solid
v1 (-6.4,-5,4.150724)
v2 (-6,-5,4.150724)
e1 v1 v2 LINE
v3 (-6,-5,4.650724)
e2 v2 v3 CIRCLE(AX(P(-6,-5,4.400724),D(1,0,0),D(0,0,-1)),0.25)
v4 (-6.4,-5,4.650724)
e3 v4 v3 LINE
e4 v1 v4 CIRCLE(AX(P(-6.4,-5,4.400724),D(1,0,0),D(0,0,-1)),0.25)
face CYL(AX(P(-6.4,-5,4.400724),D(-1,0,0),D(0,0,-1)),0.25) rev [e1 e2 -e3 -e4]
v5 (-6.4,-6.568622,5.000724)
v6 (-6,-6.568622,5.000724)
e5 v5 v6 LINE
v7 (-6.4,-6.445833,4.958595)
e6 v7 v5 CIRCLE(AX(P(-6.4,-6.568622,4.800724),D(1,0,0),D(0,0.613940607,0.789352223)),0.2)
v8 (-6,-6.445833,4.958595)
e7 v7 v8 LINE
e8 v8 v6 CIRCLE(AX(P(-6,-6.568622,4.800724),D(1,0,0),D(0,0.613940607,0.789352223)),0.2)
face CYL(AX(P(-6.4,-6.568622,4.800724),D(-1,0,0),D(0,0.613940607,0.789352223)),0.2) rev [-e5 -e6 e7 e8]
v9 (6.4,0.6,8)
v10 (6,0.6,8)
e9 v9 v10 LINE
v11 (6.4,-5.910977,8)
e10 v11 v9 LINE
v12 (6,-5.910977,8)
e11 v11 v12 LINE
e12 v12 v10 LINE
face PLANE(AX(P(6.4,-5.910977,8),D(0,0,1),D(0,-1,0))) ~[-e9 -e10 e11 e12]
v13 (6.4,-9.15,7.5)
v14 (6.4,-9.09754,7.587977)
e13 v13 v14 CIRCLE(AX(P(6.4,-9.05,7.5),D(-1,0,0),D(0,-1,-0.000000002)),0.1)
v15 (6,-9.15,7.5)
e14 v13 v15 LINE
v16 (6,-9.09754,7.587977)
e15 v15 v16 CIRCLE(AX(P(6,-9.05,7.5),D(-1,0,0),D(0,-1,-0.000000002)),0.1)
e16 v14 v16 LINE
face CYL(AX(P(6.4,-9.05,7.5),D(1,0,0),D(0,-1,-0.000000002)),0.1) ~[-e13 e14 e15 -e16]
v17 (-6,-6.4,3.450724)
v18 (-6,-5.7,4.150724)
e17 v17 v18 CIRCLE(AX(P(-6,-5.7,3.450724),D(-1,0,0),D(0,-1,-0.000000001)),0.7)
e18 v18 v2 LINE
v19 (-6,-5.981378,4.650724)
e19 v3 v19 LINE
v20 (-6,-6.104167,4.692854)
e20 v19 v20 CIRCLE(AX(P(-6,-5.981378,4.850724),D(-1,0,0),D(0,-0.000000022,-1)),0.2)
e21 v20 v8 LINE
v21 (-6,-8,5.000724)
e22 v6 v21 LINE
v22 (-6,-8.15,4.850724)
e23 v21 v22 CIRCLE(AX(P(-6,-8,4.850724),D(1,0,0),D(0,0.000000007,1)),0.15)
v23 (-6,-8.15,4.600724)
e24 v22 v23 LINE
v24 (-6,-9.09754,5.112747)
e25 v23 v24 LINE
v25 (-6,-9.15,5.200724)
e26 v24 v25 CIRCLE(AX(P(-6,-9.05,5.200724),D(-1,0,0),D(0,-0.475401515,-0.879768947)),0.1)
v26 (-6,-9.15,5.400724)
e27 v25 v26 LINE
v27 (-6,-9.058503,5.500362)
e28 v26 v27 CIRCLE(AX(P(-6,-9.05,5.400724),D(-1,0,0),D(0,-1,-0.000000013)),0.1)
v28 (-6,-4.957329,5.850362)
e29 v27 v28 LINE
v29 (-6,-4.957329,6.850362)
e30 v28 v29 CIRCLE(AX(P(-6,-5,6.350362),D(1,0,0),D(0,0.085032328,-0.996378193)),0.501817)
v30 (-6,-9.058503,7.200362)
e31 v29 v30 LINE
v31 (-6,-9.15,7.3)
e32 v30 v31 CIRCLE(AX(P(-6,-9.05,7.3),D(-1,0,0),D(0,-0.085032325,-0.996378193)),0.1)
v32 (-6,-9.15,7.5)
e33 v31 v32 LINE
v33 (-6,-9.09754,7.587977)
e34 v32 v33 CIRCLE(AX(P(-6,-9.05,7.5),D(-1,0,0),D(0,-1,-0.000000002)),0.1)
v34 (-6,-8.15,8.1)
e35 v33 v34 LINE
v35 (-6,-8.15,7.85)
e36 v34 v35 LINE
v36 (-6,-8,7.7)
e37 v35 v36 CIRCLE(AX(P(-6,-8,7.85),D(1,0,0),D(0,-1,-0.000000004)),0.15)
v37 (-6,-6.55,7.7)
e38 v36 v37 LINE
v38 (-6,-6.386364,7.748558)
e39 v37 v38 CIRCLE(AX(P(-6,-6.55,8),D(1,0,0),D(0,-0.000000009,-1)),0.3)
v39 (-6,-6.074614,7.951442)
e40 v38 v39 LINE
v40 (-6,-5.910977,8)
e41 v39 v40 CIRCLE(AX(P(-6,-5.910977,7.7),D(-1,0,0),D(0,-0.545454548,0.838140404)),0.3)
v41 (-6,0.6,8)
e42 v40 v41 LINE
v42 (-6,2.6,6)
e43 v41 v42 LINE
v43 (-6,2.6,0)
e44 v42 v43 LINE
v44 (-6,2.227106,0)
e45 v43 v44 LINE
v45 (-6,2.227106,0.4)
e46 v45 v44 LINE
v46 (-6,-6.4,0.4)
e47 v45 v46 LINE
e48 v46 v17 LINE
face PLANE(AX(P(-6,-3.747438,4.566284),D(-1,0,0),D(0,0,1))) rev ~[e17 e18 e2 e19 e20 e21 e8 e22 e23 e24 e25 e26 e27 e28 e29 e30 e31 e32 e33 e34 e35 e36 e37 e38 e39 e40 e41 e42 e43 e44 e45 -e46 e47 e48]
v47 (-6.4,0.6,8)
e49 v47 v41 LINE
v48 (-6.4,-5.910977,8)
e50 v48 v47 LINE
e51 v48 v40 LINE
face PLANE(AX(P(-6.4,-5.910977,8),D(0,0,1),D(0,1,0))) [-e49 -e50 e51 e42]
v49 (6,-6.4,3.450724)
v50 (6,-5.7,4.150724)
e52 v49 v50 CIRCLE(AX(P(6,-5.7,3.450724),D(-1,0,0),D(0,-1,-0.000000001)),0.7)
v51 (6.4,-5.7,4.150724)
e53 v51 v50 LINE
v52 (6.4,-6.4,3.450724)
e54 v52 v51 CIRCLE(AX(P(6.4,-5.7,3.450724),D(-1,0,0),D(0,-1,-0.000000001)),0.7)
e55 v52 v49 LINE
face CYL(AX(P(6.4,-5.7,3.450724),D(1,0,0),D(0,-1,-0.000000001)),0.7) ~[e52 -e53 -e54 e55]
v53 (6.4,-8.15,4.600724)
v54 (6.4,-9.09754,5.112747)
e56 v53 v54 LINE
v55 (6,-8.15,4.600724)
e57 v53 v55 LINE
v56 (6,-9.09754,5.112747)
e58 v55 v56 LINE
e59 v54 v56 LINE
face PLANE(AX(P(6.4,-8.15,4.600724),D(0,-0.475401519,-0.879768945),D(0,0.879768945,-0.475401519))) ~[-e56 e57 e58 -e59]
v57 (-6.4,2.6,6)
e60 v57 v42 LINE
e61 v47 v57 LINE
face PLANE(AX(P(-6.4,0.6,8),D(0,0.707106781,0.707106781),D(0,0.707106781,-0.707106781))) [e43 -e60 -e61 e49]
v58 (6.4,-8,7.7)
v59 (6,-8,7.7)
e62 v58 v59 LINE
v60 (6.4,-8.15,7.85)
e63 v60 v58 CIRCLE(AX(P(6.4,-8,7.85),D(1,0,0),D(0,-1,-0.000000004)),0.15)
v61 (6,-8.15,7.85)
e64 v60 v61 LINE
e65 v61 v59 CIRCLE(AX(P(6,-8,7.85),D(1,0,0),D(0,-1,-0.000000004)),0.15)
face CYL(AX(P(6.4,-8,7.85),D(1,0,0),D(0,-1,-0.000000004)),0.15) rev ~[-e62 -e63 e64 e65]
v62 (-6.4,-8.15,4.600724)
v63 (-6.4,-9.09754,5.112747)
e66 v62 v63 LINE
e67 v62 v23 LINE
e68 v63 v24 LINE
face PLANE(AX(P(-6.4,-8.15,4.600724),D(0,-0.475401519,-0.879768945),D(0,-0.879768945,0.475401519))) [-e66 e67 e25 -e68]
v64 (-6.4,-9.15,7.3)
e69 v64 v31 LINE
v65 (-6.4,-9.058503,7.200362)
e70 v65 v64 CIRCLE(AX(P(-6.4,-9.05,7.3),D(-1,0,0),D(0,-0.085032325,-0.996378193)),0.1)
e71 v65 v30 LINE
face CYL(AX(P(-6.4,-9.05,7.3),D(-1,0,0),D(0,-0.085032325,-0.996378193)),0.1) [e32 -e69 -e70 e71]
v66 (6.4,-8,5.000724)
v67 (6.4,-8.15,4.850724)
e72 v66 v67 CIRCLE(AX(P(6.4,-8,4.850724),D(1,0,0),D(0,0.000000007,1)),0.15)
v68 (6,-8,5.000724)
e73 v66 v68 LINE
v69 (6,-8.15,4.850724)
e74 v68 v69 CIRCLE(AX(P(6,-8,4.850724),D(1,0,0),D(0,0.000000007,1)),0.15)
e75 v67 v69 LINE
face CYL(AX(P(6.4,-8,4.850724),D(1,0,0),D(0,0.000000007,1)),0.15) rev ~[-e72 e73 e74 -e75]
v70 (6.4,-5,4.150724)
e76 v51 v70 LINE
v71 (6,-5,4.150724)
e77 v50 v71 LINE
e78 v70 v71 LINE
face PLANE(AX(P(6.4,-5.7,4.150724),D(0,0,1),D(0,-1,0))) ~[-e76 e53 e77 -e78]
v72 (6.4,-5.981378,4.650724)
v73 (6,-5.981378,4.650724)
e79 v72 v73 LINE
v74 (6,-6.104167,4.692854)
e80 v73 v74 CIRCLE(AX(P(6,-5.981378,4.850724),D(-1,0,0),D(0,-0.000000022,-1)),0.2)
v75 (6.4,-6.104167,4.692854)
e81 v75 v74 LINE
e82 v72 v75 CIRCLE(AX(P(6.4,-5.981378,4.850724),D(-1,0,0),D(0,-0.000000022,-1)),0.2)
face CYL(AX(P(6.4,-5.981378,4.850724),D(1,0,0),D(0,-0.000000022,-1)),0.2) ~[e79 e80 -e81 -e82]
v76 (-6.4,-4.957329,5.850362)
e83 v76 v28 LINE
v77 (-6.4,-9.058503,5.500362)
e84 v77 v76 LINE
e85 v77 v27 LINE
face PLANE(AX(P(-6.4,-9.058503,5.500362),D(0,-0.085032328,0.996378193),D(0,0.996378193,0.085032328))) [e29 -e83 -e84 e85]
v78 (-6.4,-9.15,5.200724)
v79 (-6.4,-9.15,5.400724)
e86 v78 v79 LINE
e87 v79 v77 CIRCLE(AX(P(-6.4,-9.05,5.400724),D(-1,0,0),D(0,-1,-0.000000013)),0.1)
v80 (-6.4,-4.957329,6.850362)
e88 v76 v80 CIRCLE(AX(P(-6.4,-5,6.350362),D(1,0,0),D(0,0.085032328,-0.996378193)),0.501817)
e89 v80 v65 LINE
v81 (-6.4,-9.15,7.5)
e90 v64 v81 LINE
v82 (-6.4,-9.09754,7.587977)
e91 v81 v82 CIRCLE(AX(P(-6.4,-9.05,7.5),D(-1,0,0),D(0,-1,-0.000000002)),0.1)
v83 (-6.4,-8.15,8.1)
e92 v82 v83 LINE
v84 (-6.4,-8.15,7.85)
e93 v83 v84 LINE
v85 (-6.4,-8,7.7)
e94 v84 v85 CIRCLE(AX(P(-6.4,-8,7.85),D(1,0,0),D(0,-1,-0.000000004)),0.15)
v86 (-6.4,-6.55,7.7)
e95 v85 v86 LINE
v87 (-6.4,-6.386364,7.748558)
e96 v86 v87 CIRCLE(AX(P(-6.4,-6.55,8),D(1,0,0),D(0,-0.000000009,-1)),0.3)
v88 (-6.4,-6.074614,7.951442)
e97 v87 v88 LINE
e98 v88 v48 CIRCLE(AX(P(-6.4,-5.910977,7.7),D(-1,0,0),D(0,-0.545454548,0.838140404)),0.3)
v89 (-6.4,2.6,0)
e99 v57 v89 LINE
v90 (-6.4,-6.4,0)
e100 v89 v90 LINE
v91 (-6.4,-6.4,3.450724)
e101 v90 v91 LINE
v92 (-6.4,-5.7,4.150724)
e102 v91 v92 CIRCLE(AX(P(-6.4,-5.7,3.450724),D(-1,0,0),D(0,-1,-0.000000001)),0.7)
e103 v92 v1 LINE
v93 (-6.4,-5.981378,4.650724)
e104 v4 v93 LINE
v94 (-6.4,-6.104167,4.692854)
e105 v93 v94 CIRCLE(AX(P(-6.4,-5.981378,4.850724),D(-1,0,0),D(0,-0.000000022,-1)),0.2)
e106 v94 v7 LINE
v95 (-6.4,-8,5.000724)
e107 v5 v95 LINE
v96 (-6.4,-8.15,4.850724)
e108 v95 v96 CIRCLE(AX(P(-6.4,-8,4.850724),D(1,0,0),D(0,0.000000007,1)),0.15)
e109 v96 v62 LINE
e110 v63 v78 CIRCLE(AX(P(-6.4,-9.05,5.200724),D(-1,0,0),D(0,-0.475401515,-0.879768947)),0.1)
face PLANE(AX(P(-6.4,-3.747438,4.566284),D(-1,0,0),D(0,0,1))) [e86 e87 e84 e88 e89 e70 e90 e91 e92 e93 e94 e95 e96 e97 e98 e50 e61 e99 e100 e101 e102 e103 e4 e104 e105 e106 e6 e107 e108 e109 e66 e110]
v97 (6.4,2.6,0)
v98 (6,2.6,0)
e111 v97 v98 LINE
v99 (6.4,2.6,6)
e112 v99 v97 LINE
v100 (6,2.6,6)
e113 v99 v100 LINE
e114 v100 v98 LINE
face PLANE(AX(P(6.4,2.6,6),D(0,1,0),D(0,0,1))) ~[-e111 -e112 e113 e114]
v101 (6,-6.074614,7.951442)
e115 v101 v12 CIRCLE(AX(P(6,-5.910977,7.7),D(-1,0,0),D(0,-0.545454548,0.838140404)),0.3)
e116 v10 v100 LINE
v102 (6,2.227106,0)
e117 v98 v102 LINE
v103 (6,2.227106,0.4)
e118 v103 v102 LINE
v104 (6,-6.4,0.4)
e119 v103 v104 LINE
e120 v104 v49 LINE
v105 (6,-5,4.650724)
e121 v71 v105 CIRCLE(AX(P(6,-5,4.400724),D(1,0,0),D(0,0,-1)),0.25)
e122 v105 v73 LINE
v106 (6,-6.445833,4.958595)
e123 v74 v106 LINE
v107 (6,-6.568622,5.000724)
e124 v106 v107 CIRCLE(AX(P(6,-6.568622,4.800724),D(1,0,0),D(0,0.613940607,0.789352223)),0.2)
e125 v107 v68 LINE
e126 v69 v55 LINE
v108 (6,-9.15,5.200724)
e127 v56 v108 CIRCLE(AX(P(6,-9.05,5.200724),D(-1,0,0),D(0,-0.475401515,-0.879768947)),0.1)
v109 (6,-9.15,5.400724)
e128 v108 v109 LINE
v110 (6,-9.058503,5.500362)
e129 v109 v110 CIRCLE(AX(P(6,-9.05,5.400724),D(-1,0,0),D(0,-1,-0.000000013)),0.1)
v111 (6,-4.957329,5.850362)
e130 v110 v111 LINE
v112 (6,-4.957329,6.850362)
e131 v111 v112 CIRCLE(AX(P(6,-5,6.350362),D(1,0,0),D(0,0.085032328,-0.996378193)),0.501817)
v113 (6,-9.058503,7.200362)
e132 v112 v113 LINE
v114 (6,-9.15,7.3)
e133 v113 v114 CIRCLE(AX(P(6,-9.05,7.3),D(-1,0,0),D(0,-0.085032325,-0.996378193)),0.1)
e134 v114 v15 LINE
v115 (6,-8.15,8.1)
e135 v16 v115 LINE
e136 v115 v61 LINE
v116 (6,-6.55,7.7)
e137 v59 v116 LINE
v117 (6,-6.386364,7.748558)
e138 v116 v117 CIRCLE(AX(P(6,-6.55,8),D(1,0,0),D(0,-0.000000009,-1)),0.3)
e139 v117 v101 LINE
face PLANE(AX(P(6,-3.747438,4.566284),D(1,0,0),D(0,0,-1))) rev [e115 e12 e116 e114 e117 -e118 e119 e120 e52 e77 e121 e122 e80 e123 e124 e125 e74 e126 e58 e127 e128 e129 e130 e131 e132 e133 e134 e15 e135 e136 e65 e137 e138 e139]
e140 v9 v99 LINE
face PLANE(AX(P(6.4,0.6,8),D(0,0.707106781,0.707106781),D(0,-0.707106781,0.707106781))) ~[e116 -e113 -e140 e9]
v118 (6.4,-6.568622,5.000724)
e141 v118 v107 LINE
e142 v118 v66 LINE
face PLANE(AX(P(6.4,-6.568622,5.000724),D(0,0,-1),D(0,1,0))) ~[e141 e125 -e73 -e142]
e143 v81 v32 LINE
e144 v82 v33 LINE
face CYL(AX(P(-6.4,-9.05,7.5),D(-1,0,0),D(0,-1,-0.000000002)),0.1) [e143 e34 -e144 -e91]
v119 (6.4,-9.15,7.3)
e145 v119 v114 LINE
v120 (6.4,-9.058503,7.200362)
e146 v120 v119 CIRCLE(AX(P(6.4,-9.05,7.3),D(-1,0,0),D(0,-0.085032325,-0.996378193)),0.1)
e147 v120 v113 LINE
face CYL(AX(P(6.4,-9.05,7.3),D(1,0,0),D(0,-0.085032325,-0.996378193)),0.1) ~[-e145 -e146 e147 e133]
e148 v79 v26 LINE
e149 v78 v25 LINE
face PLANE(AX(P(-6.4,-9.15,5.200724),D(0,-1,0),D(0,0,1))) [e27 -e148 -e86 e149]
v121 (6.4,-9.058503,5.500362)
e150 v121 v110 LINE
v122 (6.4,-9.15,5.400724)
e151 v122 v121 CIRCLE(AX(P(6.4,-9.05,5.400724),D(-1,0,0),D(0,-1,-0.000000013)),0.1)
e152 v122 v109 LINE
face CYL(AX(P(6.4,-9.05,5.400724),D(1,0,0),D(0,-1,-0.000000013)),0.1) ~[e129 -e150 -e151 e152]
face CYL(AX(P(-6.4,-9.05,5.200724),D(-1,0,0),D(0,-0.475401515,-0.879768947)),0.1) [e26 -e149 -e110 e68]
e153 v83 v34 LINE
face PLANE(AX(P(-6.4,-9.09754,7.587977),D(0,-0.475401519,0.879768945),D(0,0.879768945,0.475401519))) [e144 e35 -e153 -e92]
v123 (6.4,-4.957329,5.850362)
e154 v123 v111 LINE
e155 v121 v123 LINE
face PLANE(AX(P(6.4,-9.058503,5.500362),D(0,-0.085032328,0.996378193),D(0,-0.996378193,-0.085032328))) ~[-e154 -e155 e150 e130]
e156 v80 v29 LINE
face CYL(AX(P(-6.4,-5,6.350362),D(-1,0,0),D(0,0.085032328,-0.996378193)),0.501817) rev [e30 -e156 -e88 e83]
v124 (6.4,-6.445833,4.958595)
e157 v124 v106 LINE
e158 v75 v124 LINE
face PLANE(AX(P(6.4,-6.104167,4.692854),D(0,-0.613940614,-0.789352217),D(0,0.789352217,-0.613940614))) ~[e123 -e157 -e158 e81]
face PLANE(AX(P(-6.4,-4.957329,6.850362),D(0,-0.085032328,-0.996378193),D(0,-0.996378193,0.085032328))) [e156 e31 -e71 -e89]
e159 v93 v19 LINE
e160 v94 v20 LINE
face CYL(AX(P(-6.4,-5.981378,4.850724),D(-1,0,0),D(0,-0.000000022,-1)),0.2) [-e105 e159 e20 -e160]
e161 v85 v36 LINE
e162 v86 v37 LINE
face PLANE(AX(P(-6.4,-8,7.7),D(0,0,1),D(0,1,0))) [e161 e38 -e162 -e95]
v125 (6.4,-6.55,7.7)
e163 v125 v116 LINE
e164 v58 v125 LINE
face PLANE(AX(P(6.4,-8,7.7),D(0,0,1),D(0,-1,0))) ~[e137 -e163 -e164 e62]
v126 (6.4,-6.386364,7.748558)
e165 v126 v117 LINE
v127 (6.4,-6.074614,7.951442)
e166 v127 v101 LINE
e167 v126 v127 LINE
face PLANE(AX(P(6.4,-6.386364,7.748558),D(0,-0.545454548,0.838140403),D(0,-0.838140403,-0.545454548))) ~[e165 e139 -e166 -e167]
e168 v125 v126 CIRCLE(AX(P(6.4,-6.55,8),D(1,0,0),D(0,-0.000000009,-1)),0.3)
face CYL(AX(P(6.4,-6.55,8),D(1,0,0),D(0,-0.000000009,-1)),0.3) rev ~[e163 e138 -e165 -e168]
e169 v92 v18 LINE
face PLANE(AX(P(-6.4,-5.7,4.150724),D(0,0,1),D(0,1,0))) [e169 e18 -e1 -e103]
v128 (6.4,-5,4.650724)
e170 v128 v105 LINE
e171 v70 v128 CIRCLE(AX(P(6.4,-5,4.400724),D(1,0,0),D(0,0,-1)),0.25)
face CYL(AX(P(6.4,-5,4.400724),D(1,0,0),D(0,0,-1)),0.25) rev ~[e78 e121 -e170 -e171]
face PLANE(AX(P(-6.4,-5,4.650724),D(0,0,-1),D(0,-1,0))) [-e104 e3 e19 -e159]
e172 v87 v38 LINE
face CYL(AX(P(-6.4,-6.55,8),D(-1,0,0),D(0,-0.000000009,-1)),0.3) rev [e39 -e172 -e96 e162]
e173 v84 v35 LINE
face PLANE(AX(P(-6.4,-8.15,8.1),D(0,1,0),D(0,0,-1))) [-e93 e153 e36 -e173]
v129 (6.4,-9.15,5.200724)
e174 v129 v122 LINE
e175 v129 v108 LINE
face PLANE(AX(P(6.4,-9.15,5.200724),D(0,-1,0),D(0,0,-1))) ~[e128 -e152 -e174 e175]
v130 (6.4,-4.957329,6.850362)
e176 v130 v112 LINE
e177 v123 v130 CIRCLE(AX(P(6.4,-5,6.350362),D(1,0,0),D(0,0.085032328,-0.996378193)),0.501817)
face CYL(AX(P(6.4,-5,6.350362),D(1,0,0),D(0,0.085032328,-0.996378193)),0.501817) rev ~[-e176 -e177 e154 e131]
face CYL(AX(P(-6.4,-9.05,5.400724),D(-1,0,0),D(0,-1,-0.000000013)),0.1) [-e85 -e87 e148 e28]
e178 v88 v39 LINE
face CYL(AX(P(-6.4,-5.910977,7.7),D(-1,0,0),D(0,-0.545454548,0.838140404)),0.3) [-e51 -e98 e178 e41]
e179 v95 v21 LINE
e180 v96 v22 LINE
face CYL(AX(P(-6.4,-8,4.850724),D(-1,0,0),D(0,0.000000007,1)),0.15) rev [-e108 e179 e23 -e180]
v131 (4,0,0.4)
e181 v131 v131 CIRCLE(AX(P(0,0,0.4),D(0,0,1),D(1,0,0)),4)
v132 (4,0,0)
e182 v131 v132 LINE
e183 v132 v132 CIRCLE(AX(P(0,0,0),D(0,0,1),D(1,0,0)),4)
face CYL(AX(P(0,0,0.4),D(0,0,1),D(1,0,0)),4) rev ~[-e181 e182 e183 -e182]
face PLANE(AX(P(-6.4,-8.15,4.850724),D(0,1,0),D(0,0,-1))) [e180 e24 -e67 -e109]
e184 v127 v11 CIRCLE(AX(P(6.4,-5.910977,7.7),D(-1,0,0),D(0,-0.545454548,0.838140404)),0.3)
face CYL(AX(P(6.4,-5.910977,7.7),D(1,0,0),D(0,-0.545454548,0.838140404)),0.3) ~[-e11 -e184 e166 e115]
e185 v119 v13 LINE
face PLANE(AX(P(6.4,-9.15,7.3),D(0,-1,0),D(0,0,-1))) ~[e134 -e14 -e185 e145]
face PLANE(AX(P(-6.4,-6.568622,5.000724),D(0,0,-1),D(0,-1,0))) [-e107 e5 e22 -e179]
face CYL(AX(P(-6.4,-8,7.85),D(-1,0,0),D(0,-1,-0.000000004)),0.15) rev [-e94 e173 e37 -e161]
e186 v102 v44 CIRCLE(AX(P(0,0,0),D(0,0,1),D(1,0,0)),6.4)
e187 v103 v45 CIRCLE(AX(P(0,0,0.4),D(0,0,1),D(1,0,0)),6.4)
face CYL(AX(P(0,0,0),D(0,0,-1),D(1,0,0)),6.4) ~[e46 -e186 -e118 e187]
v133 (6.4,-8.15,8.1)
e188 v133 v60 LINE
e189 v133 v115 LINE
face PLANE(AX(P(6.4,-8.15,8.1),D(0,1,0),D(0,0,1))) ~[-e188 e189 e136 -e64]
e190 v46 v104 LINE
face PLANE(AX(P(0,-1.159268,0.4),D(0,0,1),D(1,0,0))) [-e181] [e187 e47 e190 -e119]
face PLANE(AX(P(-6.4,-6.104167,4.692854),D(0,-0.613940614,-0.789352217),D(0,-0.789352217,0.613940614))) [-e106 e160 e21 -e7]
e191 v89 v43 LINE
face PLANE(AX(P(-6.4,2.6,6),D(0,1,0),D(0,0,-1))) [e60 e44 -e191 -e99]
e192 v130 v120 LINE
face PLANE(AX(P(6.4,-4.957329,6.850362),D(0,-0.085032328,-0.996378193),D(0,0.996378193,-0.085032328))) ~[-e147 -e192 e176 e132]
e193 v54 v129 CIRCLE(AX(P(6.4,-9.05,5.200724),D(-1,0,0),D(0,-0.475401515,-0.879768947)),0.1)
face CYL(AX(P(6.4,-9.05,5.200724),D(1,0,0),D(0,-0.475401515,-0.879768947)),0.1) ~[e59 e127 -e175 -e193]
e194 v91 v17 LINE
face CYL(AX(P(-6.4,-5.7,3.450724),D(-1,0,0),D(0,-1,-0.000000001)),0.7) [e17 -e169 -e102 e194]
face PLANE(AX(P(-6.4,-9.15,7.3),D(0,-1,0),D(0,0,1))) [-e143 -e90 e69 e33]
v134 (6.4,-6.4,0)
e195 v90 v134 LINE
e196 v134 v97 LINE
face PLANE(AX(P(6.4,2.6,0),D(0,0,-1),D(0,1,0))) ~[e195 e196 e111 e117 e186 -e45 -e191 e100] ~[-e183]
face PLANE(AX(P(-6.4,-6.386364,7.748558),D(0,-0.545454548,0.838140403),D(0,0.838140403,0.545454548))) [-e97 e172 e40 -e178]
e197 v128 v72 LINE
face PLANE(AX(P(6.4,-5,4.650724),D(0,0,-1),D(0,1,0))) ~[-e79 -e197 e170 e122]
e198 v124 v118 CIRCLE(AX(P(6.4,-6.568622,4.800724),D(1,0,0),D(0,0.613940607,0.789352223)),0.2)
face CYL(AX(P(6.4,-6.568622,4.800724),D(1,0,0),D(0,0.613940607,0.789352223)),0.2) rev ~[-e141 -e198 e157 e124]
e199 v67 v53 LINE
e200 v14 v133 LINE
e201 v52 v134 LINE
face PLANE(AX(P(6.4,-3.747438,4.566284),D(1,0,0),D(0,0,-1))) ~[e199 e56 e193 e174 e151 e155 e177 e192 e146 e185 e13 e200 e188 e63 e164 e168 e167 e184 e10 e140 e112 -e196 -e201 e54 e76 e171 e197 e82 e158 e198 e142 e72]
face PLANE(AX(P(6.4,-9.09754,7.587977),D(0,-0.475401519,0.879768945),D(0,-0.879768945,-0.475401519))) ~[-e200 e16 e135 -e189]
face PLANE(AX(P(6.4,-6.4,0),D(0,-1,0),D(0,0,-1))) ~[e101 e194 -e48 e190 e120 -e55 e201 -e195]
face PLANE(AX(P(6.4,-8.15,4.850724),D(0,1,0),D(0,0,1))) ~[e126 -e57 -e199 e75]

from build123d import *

# Parameters (mm, degrees)
DODANIE_WYCI_GNI_CIE1_DEPTH = 0.4
WYTNIJ_WYCI_GNI_CIE1_REACH  = 11.06
SZKIC6_R                    = 4
DODANIE_WYCI_GNI_CIE4_DEPTH = 0.4


with BuildPart() as part:
    # Szkic1 → Dodanie-wyciągnięcie1 (new body)
    with BuildSketch(Plane.XY):
        with BuildLine():
            Line((0, -6.4), (6.4, -6.4))
            Line((6.4, -6.4), (6.4, 0))
            ThreePointArc((6.4, 0), (0, 6.4), (-6.4, 0))
            Line((-6.4, 0), (-6.4, -6.4))
            Line((-6.4, -6.4), (0, -6.4))
        make_face()
    extrude(amount=DODANIE_WYCI_GNI_CIE1_DEPTH)

    # Szkic6 → Wytnij-wyciągnięcie1 (cut, up to next)
    with BuildSketch(Plane.XY.offset(0.4), mode=Mode.PRIVATE) as wytnij_wyci_gni_cie1_sk1:
        Circle(SZKIC6_R)
    wytnij_wyci_gni_cie1_tool1 = extrude(wytnij_wyci_gni_cie1_sk1.sketch, amount=-WYTNIJ_WYCI_GNI_CIE1_REACH, mode=Mode.PRIVATE) & part.part
    add(wytnij_wyci_gni_cie1_tool1.solids().sort_by_distance((0, 0, 0.4))[0], mode=Mode.SUBTRACT)

    # Szkic5 → Dodanie-wyciągnięcie4 (add)
    with BuildSketch(Plane.ZY.offset(6.4)):
        with BuildLine():
            Line((5.000724361, -6.56862155), (5.000724361, -8))
            ThreePointArc((5.000724361, -8), (4.956790379, -8.106066017), (4.850724361, -8.15))
            Line((4.850724361, -8.15), (4.600724361, -8.15))
            Line((4.600724361, -8.15), (5.112747467, -9.097540152))
            ThreePointArc((5.112747467, -9.097540152), (5.149509203, -9.135889508), (5.200724361, -9.15))
            Line((5.200724361, -9.15), (5.400724361, -9.15))
            ThreePointArc((5.400724361, -9.15), (5.468361913, -9.123655697), (5.500362181, -9.058503233))
            Line((5.500362181, -9.058503233), (5.850362181, -4.957329291))
            ThreePointArc((5.850362181, -4.957329291), (6.350362181, -4.498182514), (6.850362181, -4.957329291))
            Line((6.850362181, -4.957329291), (7.200362181, -9.058503233))
            ThreePointArc((7.200362181, -9.058503233), (7.232362449, -9.123655697), (7.3, -9.15))
            Line((7.3, -9.15), (7.5, -9.15))
            ThreePointArc((7.5, -9.15), (7.551215158, -9.135889508), (7.587976894, -9.097540152))
            Line((7.587976894, -9.097540152), (8.1, -8.15))
            Line((8.1, -8.15), (7.85, -8.15))
            ThreePointArc((7.85, -8.15), (7.743933983, -8.106066017), (7.7, -8))
            Line((7.7, -8), (7.7, -6.55))
            ThreePointArc((7.7, -6.55), (7.712395552, -6.464655511), (7.748557878, -6.386363636))
            Line((7.748557878, -6.386363636), (7.951442122, -6.074613587))
            ThreePointArc((7.951442122, -6.074613587), (7.987604448, -5.996321712), (8, -5.910977223))
            Line((8, -5.910977223), (8, 0.6))
            Line((8, 0.6), (6, 2.6))
            Line((6, 2.6), (0, 2.6))
            Line((0, 2.6), (0, -6.4))
            Line((0, -6.4), (3.450724361, -6.4))
            ThreePointArc((3.450724361, -6.4), (3.945699108, -6.194974747), (4.150724361, -5.7))
            Line((4.150724361, -5.7), (4.150724361, -5))
            ThreePointArc((4.150724361, -5), (4.400724361, -4.75), (4.650724361, -5))
            Line((4.650724361, -5), (4.650724361, -5.98137845))
            ThreePointArc((4.650724361, -5.98137845), (4.661549722, -6.046285735), (4.692853918, -6.104166573))
            Line((4.692853918, -6.104166573), (4.958594805, -6.445833427))
            ThreePointArc((4.958594805, -6.445833427), (4.989899001, -6.503714265), (5.000724361, -6.56862155))
        make_face()
    dodanie_wyci_gni_cie4 = extrude(amount=-DODANIE_WYCI_GNI_CIE4_DEPTH)

    # Lustro1: Dodanie-wyciągnięcie4 across plane
    add(dodanie_wyci_gni_cie4.mirror(Plane(origin=(0, 0, 0), x_dir=(0, 0, 1), z_dir=(1, 0, 0))))


solid = part.part
